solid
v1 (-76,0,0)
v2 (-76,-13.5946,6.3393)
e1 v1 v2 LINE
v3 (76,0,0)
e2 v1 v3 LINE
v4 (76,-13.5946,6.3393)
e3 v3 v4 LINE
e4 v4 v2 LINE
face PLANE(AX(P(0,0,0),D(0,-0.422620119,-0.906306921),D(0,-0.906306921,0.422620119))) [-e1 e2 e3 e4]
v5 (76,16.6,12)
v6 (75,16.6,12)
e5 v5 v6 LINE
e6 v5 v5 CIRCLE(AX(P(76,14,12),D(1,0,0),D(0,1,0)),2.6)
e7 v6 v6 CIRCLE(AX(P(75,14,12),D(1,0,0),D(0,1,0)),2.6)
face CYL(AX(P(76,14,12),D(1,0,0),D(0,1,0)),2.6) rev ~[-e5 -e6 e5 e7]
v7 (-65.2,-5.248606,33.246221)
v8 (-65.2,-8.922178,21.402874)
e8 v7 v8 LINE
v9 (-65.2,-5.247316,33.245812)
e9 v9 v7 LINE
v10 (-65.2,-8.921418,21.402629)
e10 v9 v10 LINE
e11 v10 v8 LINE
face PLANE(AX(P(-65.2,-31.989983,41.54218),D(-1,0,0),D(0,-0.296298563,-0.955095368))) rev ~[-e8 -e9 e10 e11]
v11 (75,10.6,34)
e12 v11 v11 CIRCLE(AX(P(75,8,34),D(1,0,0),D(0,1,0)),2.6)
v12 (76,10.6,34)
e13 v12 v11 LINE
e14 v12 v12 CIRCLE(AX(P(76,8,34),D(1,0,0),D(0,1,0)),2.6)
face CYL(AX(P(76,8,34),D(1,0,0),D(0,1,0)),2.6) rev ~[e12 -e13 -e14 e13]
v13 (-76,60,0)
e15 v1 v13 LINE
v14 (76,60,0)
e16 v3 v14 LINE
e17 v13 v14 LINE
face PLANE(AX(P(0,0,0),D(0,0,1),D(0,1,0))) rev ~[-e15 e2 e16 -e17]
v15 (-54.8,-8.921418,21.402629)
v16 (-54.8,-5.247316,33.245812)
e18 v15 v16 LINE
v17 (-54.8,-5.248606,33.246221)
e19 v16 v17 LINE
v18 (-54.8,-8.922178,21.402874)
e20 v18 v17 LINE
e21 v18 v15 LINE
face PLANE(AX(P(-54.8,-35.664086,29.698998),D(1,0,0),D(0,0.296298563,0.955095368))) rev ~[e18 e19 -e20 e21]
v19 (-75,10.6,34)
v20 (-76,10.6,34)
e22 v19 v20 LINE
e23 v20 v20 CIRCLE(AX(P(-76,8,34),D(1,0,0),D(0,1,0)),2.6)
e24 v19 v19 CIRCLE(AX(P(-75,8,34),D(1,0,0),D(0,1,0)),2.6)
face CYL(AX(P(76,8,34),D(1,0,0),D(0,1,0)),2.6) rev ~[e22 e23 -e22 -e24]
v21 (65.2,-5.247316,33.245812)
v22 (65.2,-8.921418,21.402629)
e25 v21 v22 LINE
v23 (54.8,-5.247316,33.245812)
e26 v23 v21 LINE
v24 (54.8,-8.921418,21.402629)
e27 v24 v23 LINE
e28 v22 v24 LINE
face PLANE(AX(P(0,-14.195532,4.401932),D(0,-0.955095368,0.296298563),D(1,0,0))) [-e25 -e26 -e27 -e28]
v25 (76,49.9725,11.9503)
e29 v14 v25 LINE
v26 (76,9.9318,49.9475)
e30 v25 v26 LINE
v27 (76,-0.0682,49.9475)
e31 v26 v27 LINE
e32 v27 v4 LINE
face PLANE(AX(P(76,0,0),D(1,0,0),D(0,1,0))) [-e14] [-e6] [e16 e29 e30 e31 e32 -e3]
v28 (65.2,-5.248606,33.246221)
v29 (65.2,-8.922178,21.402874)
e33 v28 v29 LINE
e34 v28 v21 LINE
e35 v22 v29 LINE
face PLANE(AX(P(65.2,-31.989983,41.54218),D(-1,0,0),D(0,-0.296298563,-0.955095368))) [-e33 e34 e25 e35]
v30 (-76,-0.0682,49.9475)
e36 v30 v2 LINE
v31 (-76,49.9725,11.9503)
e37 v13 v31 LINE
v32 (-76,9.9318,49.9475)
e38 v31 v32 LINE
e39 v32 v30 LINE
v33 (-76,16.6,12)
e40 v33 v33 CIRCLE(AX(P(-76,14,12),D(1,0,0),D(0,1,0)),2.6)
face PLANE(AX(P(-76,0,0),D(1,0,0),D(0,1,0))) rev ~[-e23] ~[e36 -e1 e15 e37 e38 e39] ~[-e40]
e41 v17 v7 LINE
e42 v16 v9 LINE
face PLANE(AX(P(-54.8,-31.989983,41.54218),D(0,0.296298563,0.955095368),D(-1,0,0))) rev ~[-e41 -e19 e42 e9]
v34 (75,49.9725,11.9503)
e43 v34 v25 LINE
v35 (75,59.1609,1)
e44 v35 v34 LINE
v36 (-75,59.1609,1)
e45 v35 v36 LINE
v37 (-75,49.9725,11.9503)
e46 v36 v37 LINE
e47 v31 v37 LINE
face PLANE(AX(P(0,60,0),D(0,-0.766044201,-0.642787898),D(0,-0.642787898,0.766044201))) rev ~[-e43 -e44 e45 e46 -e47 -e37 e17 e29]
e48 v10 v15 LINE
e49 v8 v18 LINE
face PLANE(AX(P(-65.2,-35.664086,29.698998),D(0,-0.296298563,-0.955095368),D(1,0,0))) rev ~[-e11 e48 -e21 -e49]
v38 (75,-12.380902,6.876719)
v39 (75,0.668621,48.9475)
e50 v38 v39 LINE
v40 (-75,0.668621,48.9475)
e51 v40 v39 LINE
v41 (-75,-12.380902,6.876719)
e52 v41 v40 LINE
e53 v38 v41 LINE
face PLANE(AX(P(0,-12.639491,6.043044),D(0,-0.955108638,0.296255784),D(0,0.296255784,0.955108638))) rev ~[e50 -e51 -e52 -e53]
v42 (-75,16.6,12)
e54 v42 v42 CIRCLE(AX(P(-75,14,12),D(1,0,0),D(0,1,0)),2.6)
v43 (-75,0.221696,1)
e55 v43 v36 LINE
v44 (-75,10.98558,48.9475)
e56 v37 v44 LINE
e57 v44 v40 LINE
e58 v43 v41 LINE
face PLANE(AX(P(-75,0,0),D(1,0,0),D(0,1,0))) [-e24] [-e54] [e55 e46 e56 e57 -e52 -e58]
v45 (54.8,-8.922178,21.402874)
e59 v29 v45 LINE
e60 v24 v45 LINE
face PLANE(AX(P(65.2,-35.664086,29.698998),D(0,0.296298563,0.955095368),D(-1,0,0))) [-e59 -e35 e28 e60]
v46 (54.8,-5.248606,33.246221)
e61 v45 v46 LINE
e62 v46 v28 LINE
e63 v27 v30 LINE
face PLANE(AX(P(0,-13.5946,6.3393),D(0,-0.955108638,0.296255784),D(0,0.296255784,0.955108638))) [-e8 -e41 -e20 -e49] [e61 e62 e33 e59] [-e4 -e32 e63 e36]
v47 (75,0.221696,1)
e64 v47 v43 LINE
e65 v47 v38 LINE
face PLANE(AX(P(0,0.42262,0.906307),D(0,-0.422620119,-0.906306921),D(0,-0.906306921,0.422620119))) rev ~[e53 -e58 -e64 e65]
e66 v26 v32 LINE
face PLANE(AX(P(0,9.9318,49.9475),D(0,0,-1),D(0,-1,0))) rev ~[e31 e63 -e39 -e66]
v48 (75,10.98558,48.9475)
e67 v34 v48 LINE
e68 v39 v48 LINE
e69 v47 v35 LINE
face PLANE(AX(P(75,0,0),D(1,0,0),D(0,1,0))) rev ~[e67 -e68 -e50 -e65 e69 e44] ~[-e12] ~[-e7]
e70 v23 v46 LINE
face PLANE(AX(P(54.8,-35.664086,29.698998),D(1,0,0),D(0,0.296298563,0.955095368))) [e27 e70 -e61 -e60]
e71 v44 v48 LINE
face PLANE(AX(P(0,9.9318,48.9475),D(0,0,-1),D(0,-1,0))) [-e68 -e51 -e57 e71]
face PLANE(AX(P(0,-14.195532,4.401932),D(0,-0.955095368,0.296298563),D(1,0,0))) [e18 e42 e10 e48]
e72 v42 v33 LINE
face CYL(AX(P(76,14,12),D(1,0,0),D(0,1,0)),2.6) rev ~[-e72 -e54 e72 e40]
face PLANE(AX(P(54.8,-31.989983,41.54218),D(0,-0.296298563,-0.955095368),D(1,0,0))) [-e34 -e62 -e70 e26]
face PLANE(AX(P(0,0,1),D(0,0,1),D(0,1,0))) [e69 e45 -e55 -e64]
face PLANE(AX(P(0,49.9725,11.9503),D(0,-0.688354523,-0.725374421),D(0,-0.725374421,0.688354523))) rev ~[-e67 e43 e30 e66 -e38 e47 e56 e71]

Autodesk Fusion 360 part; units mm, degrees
sketch "Sketch1" plane through (0, 0, 0) normal (1, 0, 0) x (0, 1, 0)
  line L0 (0, 0) -> (60, 0)
  line L1 (60, 0) -> (49.9725, 11.9503)
  line L2 (49.9725, 11.9503) -> (9.9318, 49.9475)
  line L3 (49.9725, 11.9503) -> (105.1725, 11.9503) construction
  line L4 (9.9318, 49.9475) -> (-0.0682, 49.9475)
  line L5 (0, 0) -> (-13.5946, 6.3393)
  line L6 (0, 0) -> (15, 0) construction
  line L7 (-13.5946, 6.3393) -> (-0.0682, 49.9475)
  dimension "d15" = 60
  dimension "d16" = 15.6
  dimension "d18" = 136.5
  dimension "d19" = 55.2
  dimension "d24" = 155
  dimension "d25" = 15
extrude "Extrude1" add sketch "Sketch1" along normal mid plane 152
shell "Shell1" thickness 1 removed faces 2 at (25.3333, 23.2787, 37.2817) at (25.3333, 56.6575, 3.9834)
sketch "Sketch3" plane through (0, -14.1952, 4.4031) normal (0, -0.9551, 0.2963) x (1, 0, 0)
  line L0 (-76, 2.0272) -> (76, 2.0272)
  line L1 (76, 2.0272) -> (76, 47.685)
  line L2 (76, 47.685) -> (-76, 47.685)
  line L3 (-76, 47.685) -> (-76, 2.0272)
  line L4 (0, 2.0272) -> (0, 47.685)
  line L5 (-69, 24.0272) -> (-69, 33.0272)
  line L6 (-69, 24.0272) -> (-69, 15.0272)
  line L7 (-69, 33.0272) -> (-51, 33.0272)
  line L8 (-51, 33.0272) -> (-51, 15.0272)
  line L9 (-51, 15.0272) -> (-69, 15.0272)
  line L10 (69, 33.0272) -> (51, 33.0272)
  line L11 (51, 33.0272) -> (51, 15.0272)
  line L12 (51, 15.0272) -> (69, 15.0272)
  line L13 (69, 24.0272) -> (69, 15.0272)
  line L14 (69, 24.0272) -> (69, 33.0272)
extrude "Extrude3" add sketch "Sketch3" along normal blind 28 contours L5 L6 L7 L8 L9 | L10 L11 L12 L13 L14
sketch "Sketch4" plane through (0, -40.9382, 12.6983) normal (0, -0.9551, 0.2963) x (1, 0, 0)
  line L0 (-69, 33.0272) -> (-69, 15.0272)
  line L1 (-69, 15.0272) -> (-51, 15.0272)
  line L2 (-51, 15.0272) -> (-51, 33.0272)
  line L3 (-51, 33.0272) -> (-69, 33.0272)
  line L4 (-54.8, 30.2) -> (-65.2, 30.2)
  line L5 (-65.2, 30.2) -> (-65.2, 17.8)
  line L6 (-65.2, 17.8) -> (-54.8, 17.8)
  line L7 (-54.8, 17.8) -> (-54.8, 30.2)
  line L8 (-54.8, 30.2) -> (-65.2, 17.8) construction
  line L9 (-65.2, 30.2) -> (-54.8, 17.8) construction
  line L10 (54.8, 30.2) -> (65.2, 17.8) construction
  line L11 (65.2, 30.2) -> (54.8, 17.8) construction
  line L12 (65.2, 30.2) -> (65.2, 17.8)
  line L13 (65.2, 17.8) -> (54.8, 17.8)
  line L14 (54.8, 17.8) -> (54.8, 30.2)
  line L15 (54.8, 30.2) -> (65.2, 30.2)
  point P0 (-60, 24)
  point P1 (60, 24)
  dimension "d50" = 10.4
  dimension "d51" = 12.4
extrude "Extrude4" cut sketch "Sketch4" against normal blind 28.2 contours L4 L5 L6 L7 | L12 L13 L14 L15
delete_face "DeleteFace1" 10 faces at (69, -16.8801, 27.2514) (57, -18.6576, 21.5207) (52.2667, -33.2104, 37.6121) (63, -22.2393, 41.4778) (51, -25.7944, 30.0165) (-69, -16.8801, 27.2514) (-57, -18.6576, 21.5207) (-52.2667, -33.2104, 37.6121) (-63, -13.325, 38.7127) (-51, -25.7944, 30.0165)
extrude "Extrude5" add 2 faces at (61.7333, -7.5063, 25.2925) (-58.2667, -7.5063, 25.2925) along direction (0, -0.955108, 0.296257) blind 0.2
sketch "Sketch5" plane through (76, 0, 0) normal (1, 0, 0) x (0, 1, 0)
  line L0 (0, 0) -> (60, 0)
  line L1 (60, 0) -> (49.9725, 11.9503)
  line L2 (49.9725, 11.9503) -> (9.9318, 49.9475)
  line L3 (9.9318, 49.9475) -> (-0.0682, 49.9475)
  line L4 (-0.0682, 49.9475) -> (-13.5946, 6.3393)
  line L5 (-13.5946, 6.3393) -> (0, 0)
  circle A0 centre (14, 12) radius 2.6
  circle A1 centre (8, 34) radius 2.6
  dimension "d58" = 5.2
  dimension "d60" = 5.2
extrude "Extrude6" cut sketch "Sketch5" against normal through all contours A0 | A1
extrude "Extrude2" [suppressed]
equation "bucket_width = 152 mm"
equation "bucket_depth = 60 mm"
equation "bucket_back_height = 50 mm"
equation "wall = 4.5 mm"
equation "side_wall = 5.5 mm"
equation "lip = 7 mm"
equation "pivot_ear_thickness = 6 mm"
equation "pivot_hole = 5 mm"
equation "top_flange = 8 mm"
